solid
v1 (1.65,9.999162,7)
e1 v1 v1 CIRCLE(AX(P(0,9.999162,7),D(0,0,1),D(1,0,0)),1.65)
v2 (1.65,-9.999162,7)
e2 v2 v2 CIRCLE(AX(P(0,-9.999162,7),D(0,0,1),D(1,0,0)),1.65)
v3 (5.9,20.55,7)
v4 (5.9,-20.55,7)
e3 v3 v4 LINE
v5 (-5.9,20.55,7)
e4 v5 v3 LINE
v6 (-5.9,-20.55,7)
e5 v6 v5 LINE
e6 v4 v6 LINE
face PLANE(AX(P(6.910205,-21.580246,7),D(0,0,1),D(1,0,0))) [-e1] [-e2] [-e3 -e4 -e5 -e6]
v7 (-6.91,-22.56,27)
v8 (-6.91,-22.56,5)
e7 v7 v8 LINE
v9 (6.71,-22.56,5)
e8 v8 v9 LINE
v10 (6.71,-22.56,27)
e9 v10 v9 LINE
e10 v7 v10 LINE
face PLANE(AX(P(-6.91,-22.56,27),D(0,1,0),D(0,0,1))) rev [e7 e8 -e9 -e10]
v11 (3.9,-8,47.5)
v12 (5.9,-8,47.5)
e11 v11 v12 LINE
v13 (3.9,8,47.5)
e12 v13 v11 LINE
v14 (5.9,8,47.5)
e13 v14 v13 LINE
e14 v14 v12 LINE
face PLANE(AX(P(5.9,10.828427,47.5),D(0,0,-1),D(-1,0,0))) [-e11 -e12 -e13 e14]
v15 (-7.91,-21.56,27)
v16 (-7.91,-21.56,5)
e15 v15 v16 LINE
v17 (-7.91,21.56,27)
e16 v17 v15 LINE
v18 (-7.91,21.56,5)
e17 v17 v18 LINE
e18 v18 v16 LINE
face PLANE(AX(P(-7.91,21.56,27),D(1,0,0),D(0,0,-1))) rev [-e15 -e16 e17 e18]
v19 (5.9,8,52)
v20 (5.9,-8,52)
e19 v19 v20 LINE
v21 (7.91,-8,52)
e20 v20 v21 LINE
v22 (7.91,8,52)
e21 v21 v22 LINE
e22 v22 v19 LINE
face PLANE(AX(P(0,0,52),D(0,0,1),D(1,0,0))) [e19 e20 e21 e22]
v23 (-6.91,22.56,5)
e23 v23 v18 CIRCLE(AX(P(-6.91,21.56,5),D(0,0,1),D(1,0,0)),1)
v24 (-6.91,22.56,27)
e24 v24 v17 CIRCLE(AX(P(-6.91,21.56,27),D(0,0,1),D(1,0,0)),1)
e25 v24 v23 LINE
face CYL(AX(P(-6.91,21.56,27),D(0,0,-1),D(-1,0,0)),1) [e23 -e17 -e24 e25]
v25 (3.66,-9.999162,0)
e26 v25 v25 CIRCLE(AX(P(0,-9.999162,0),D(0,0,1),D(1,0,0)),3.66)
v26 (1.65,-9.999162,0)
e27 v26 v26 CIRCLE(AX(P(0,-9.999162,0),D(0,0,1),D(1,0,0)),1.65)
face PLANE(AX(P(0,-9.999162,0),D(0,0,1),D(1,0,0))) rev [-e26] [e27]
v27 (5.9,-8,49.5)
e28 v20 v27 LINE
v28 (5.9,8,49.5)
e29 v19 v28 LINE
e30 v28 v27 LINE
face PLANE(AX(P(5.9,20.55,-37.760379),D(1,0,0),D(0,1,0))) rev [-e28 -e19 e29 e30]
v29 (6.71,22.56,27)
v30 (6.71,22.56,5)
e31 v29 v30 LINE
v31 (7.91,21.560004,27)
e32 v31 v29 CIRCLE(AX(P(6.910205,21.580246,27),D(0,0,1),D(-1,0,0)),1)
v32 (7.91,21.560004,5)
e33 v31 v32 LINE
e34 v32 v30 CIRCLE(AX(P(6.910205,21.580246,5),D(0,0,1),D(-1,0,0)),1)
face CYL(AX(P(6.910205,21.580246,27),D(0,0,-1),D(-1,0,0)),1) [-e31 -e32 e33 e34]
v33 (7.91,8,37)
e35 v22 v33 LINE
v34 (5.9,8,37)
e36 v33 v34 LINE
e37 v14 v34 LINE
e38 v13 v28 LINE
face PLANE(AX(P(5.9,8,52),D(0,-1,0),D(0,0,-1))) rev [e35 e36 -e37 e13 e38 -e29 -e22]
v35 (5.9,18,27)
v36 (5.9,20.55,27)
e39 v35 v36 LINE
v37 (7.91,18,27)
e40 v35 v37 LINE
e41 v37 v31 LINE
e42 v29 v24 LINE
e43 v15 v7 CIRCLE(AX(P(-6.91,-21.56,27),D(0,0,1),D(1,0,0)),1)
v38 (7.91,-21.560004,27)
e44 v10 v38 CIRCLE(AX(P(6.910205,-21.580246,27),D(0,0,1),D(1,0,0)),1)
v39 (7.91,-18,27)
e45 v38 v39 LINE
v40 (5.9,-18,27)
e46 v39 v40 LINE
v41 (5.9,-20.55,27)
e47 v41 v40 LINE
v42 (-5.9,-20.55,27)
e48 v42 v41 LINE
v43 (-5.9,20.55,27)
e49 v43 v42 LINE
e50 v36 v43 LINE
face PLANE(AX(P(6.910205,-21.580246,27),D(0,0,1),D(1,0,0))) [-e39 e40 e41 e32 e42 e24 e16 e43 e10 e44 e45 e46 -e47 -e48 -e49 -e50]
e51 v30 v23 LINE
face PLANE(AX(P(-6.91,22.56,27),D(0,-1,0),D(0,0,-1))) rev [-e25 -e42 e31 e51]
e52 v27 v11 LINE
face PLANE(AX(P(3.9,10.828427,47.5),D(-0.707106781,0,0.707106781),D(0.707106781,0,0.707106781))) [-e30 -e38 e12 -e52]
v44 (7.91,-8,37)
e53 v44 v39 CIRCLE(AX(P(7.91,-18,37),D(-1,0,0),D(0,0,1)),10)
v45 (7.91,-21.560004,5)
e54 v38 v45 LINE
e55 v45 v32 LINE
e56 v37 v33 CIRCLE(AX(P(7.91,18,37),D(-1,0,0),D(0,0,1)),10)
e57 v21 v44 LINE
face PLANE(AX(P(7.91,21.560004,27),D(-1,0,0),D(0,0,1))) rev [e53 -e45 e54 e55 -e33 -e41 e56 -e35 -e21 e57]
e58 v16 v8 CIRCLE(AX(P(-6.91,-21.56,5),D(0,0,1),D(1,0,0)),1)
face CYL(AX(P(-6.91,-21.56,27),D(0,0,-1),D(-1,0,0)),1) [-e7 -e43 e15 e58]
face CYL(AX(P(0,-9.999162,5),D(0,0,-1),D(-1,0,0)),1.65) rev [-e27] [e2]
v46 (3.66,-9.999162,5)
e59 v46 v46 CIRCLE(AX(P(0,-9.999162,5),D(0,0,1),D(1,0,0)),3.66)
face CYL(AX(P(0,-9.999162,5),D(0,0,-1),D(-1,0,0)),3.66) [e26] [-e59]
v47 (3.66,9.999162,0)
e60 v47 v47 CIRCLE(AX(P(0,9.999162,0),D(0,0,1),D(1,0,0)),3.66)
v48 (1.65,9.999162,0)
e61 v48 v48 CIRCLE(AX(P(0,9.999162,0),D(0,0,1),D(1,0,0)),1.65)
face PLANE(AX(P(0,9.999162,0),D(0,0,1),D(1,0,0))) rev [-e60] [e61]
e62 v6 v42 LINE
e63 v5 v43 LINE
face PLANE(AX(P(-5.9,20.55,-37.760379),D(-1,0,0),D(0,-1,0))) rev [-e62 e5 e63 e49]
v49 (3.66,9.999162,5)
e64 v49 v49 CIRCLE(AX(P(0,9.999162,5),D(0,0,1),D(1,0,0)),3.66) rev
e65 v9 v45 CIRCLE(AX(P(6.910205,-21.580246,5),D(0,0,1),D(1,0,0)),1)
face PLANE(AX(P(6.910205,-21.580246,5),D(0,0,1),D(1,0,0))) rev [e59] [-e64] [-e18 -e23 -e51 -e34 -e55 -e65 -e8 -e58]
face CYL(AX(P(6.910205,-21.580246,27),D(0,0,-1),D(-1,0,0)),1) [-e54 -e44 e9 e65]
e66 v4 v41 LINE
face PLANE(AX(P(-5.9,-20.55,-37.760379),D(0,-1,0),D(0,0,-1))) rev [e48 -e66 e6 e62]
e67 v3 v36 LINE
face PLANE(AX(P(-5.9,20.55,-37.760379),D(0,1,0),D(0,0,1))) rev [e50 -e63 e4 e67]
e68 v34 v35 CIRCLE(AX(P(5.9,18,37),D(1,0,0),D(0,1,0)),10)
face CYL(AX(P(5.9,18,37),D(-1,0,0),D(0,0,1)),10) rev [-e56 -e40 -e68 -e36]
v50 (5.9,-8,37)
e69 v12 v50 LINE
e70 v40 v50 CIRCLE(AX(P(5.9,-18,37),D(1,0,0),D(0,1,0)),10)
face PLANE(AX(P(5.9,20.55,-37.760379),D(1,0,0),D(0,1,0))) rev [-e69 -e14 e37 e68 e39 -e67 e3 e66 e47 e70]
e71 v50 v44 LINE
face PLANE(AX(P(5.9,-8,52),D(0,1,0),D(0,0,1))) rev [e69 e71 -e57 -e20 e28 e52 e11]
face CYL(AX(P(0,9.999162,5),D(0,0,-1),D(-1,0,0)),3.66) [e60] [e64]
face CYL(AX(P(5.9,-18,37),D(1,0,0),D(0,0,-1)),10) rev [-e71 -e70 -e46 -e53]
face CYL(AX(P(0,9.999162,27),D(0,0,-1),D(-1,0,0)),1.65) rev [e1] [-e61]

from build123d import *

# Parameters (mm, degrees)
SKETCH1_R             = 3.66
SKETCH1_R_2           = 1.65
BOSS_EXTRUDE1_DEPTH   = 5
BOSS_EXTRUDE1_2_DEPTH = 5
SKETCH2_R             = 1.65
BOSS_EXTRUDE2_DEPTH   = 22
SKETCH3_W             = 11.8
SKETCH3_H             = 41.1
CUT_EXTRUDE1_DEPTH    = 20
SKETCH4_W             = 2.01
SKETCH4_H             = 16
BOSS_EXTRUDE3_DEPTH   = 25
FILLET1_R             = 10
BOSS_EXTRUDE4_DEPTH   = 16


with BuildPart() as part:
    # Sketch1 → Boss-Extrude1 (new body)
    with BuildSketch(Plane.XY):
        with Locations((0, -9.999161717)):
            Circle(SKETCH1_R)
        with Locations((0, -9.999161717)):
            Circle(SKETCH1_R_2, mode=Mode.SUBTRACT)
    extrude(amount=BOSS_EXTRUDE1_DEPTH)



with BuildPart() as body_2:
    # Sketch1 → Boss-Extrude1 2 (new body)
    with BuildSketch(Plane.XY):
        with Locations((0, 9.999161717)):
            Circle(SKETCH1_R)
        with Locations((0, 9.999161717)):
            Circle(SKETCH1_R_2, mode=Mode.SUBTRACT)
    extrude(amount=BOSS_EXTRUDE1_2_DEPTH)


with BuildPart() as part_1:
    add(part.part)

    add(body_2.part)  # Boss-Extrude2 merges body 2
    # Sketch2 → Boss-Extrude2 (add)
    with BuildSketch(Plane.XY.offset(5)):
        with BuildLine():
            Line((-6.91, 22.56), (6.71, 22.56))
            ThreePointArc((6.71, 22.56), (7.550387634, 22.348468599), (7.91, 21.560004361))
            Line((7.91, 21.560004361), (7.91, -21.560004361))
            ThreePointArc((7.91, -21.560004361), (7.550387634, -22.348468599), (6.71, -22.56))
            Line((6.71, -22.56), (-6.91, -22.56))
            ThreePointArc((-6.91, -22.56), (-7.617106781, -22.267106781), (-7.91, -21.56))
            Line((-7.91, -21.56), (-7.91, 21.56))
            ThreePointArc((-7.91, 21.56), (-7.617106781, 22.267106781), (-6.91, 22.56))
        make_face()
        with Locations((0, 9.999161717)):
            Circle(SKETCH2_R, mode=Mode.SUBTRACT)
        with Locations((0, -9.999161717)):
            Circle(SKETCH2_R, mode=Mode.SUBTRACT)
    extrude(amount=BOSS_EXTRUDE2_DEPTH)

    # Sketch3 → Cut-Extrude1 (cut)
    with BuildSketch(Plane.XY.offset(27)):
        Rectangle(SKETCH3_W, SKETCH3_H)
    extrude(amount=-CUT_EXTRUDE1_DEPTH, mode=Mode.SUBTRACT)

    # Sketch4 → Boss-Extrude3 (add)
    with BuildSketch(Plane.XY.offset(27)):
        with Locations((6.905, 0)):
            Rectangle(SKETCH4_W, SKETCH4_H)
    extrude(amount=BOSS_EXTRUDE3_DEPTH)

    # Fillet1
    fillet1_edges = [part_1.edges().sort_by_distance(p)[0] for p in [
        (6.905, -8, 27),
        (6.905, 8, 27),
    ]]
    fillet(fillet1_edges, radius=FILLET1_R)

    # Sketch5 → Boss-Extrude4 (add)
    with BuildSketch(Plane.XZ.offset(8)):
        Polygon((5.9, 47.5), (3.9, 47.5), (5.9, 49.5), align=None)
    extrude(amount=-BOSS_EXTRUDE4_DEPTH)


solid = part_1.part
